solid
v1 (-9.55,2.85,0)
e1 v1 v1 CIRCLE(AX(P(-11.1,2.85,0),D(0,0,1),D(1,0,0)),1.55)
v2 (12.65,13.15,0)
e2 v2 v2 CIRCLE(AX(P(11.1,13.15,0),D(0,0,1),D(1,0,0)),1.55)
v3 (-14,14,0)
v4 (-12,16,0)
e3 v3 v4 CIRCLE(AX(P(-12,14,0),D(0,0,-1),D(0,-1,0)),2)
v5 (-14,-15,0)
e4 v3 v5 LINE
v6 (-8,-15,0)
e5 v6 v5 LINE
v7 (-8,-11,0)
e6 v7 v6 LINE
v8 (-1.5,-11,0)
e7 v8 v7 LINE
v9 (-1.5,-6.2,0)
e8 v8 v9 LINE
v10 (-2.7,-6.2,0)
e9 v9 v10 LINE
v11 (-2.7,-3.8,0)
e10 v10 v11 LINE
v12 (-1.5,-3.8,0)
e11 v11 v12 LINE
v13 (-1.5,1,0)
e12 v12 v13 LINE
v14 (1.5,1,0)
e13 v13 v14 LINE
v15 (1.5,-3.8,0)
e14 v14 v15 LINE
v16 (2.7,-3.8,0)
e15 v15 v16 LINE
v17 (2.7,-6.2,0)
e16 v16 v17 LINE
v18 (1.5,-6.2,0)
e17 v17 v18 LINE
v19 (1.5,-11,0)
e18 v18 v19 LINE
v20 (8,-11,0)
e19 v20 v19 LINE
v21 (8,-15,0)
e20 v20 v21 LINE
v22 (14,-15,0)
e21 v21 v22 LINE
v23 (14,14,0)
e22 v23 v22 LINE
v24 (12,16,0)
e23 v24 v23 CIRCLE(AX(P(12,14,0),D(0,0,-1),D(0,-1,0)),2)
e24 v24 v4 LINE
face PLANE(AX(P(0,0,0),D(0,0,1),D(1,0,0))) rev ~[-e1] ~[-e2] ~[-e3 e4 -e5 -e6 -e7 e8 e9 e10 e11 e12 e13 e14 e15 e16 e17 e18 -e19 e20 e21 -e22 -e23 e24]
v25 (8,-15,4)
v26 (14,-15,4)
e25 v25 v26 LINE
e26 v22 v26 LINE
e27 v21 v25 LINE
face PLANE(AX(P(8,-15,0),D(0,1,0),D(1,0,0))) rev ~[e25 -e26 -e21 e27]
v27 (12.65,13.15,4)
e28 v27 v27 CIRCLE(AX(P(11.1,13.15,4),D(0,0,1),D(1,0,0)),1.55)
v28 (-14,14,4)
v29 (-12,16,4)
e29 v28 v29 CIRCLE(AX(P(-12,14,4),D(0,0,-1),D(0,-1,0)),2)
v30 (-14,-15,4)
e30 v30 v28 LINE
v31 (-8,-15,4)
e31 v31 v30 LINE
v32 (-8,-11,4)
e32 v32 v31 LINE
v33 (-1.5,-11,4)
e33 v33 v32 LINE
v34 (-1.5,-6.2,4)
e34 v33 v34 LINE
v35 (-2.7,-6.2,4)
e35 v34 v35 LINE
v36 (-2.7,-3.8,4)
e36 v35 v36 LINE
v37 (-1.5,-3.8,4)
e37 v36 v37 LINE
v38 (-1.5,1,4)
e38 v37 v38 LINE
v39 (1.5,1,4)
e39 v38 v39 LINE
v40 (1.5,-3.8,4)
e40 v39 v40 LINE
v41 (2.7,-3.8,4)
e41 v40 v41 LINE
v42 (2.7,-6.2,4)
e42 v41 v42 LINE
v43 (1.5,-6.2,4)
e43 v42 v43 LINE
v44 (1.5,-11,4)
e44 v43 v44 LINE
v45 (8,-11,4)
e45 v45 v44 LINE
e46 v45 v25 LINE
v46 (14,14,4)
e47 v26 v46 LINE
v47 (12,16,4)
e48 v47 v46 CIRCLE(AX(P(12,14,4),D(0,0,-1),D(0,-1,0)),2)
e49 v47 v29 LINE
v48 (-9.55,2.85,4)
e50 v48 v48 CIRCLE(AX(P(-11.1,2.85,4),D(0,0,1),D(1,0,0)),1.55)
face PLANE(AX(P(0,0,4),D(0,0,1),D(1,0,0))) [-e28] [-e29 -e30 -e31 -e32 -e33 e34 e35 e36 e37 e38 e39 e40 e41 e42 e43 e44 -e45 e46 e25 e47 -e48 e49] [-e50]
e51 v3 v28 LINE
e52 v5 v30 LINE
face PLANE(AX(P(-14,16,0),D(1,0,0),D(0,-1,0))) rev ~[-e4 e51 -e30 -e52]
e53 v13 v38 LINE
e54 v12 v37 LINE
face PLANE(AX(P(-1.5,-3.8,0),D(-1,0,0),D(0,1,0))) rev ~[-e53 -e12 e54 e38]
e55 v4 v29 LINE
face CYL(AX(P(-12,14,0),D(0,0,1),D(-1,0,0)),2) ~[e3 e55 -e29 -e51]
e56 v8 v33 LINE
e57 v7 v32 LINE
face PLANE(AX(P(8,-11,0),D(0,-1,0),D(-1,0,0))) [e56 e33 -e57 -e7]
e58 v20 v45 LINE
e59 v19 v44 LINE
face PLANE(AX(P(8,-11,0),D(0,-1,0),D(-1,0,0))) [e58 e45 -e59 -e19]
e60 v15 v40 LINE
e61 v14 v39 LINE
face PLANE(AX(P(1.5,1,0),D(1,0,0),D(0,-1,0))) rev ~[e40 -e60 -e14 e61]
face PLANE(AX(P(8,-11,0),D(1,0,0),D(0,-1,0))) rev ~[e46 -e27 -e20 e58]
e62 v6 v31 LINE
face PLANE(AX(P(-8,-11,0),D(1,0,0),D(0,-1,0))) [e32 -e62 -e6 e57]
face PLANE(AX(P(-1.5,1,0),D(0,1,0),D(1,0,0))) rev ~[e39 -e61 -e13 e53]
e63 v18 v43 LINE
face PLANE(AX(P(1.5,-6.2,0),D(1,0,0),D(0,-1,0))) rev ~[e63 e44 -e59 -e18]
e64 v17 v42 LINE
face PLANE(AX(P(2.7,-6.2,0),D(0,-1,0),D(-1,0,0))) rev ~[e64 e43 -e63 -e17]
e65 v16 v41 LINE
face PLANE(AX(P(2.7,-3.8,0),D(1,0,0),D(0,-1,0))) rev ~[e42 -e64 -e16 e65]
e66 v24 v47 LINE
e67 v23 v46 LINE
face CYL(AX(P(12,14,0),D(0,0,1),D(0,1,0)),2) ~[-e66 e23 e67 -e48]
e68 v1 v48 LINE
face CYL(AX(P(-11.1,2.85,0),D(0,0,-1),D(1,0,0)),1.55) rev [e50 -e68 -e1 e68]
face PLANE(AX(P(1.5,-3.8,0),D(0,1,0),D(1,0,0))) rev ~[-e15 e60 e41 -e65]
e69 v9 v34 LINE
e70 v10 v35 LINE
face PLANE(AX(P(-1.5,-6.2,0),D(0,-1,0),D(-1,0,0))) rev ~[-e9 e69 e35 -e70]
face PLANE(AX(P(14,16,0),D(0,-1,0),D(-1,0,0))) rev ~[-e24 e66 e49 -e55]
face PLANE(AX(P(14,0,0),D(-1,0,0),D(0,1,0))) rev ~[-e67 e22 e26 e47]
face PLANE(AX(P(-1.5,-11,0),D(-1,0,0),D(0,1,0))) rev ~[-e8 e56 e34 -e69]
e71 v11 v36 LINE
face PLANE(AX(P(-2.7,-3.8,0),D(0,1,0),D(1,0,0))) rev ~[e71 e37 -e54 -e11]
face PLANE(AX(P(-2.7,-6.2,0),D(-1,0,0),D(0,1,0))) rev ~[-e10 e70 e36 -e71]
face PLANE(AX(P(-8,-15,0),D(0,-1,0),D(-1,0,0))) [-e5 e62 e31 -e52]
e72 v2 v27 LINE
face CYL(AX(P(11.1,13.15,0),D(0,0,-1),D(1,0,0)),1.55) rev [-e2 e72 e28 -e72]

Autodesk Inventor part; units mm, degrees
ref_plane "YZ Plane" through (0, 0, 0) normal (1, 0, 0) x (0, 1, 0)
ref_plane "XZ Plane" through (0, 0, 0) normal (0, 1, 0) x (-1, 0, 0)
ref_plane "XY Plane" through (0, 0, 0) normal (0, 0, 1) x (1, 0, 0)
sketch "Sketch1" plane through (0, 0, 0) normal (0, 0, 1) x (1, 0, 0)
  line L0 (-14, 0) -> (14, 0)
  line L1 (14, 0) -> (14, 16)
  line L2 (14, 16) -> (-14, 16)
  line L3 (-14, 16) -> (-14, 0)
  circle A0 centre (-11.1, 2.85) radius 1.55
  circle A1 centre (11.1, 13.15) radius 1.55
  line L4 (-11.1, 2.85) -> (-14, 2.85) construction
  line L5 (11.1, 13.15) -> (14, 13.15) construction
  line L6 (11.1, 13.15) -> (11.1, 16) construction
  line L7 (-11.1, 2.85) -> (-11.1, 0) construction
  line L8 (-14, 0) -> (14, 0) construction
  line L9 (14, 0) -> (14, -11)
  line L10 (14, -11) -> (8, -11) construction
  line L11 (-14, -11) -> (-14, 0)
  line L12 (-14, -11) -> (-8, -11) construction
  line L13 (-8, -11) -> (-8, -15)
  line L14 (-8, -15) -> (-14, -15)
  line L15 (-14, -15) -> (-14, -11)
  line L16 (14, -11) -> (8, -11) construction
  line L17 (8, -11) -> (8, -15)
  line L18 (8, -15) -> (14, -15)
  line L19 (14, -15) -> (14, -11)
  line L20 (-8, -11) -> (-14, -11) construction
  line L21 (8, -11) -> (-8, -11)
  point P0 (0, 0)
  point P1 (0, 0)
  point P2 (14, 0)
  point P3 (14, 0)
  dimension "d0" = 3.1
  dimension "d1" = 22.2
  dimension "d2" = 10.3
  dimension "d3" = 16
  dimension "d4" = 28
  dimension "d5" = 27
  dimension "d8" = 6
  dimension "d9" = 6
  dimension "d10" = 4
extrude "Extrusion1" add sketch "Sketch1" along normal blind 4
sketch "Sketch2" plane through (0, 0, 0) normal (0, 0, -1) x (-1, 0, 0)
  line L0 (8, -11) -> (-8, -11) projected
  line L1 (-1.5, -11) -> (1.5, -11)
  line L2 (1.5, -11) -> (1.5, 1)
  line L3 (1.5, 1) -> (-1.5, 1)
  line L4 (-1.5, 1) -> (-1.5, -11)
  line L5 (-2.7, -6.2) -> (2.7, -6.2)
  line L6 (2.7, -6.2) -> (2.7, -3.8)
  line L7 (2.7, -3.8) -> (-2.7, -3.8)
  line L8 (-2.7, -3.8) -> (-2.7, -6.2)
  point P0 (0, 0)
  point P1 (-2.7, -5)
  point P2 (-1.5, -5)
  point P3 (0, -3.8)
  point P4 (0, 1)
  point P5 (0, -11)
  point P6 (0, -11)
  point P7 (-1.5, -6.2)
  point P8 (1.5, -6.2)
  point P9 (1.5, -3.8)
  point P10 (-1.5, -3.8)
  dimension "d11" = 3
  dimension "d12" = 12
  dimension "d13" = 5.4
  dimension "d14" = 2.4
extrude "Extrusion2" cut sketch "Sketch2" against normal up to next
fillet "Fillet1" radius 2 2 edges at (14, 16, 2) (-14, 16, 2)
properties part number "SwitchHolder_V2" material "MDF Medium Density Fiberboard"
